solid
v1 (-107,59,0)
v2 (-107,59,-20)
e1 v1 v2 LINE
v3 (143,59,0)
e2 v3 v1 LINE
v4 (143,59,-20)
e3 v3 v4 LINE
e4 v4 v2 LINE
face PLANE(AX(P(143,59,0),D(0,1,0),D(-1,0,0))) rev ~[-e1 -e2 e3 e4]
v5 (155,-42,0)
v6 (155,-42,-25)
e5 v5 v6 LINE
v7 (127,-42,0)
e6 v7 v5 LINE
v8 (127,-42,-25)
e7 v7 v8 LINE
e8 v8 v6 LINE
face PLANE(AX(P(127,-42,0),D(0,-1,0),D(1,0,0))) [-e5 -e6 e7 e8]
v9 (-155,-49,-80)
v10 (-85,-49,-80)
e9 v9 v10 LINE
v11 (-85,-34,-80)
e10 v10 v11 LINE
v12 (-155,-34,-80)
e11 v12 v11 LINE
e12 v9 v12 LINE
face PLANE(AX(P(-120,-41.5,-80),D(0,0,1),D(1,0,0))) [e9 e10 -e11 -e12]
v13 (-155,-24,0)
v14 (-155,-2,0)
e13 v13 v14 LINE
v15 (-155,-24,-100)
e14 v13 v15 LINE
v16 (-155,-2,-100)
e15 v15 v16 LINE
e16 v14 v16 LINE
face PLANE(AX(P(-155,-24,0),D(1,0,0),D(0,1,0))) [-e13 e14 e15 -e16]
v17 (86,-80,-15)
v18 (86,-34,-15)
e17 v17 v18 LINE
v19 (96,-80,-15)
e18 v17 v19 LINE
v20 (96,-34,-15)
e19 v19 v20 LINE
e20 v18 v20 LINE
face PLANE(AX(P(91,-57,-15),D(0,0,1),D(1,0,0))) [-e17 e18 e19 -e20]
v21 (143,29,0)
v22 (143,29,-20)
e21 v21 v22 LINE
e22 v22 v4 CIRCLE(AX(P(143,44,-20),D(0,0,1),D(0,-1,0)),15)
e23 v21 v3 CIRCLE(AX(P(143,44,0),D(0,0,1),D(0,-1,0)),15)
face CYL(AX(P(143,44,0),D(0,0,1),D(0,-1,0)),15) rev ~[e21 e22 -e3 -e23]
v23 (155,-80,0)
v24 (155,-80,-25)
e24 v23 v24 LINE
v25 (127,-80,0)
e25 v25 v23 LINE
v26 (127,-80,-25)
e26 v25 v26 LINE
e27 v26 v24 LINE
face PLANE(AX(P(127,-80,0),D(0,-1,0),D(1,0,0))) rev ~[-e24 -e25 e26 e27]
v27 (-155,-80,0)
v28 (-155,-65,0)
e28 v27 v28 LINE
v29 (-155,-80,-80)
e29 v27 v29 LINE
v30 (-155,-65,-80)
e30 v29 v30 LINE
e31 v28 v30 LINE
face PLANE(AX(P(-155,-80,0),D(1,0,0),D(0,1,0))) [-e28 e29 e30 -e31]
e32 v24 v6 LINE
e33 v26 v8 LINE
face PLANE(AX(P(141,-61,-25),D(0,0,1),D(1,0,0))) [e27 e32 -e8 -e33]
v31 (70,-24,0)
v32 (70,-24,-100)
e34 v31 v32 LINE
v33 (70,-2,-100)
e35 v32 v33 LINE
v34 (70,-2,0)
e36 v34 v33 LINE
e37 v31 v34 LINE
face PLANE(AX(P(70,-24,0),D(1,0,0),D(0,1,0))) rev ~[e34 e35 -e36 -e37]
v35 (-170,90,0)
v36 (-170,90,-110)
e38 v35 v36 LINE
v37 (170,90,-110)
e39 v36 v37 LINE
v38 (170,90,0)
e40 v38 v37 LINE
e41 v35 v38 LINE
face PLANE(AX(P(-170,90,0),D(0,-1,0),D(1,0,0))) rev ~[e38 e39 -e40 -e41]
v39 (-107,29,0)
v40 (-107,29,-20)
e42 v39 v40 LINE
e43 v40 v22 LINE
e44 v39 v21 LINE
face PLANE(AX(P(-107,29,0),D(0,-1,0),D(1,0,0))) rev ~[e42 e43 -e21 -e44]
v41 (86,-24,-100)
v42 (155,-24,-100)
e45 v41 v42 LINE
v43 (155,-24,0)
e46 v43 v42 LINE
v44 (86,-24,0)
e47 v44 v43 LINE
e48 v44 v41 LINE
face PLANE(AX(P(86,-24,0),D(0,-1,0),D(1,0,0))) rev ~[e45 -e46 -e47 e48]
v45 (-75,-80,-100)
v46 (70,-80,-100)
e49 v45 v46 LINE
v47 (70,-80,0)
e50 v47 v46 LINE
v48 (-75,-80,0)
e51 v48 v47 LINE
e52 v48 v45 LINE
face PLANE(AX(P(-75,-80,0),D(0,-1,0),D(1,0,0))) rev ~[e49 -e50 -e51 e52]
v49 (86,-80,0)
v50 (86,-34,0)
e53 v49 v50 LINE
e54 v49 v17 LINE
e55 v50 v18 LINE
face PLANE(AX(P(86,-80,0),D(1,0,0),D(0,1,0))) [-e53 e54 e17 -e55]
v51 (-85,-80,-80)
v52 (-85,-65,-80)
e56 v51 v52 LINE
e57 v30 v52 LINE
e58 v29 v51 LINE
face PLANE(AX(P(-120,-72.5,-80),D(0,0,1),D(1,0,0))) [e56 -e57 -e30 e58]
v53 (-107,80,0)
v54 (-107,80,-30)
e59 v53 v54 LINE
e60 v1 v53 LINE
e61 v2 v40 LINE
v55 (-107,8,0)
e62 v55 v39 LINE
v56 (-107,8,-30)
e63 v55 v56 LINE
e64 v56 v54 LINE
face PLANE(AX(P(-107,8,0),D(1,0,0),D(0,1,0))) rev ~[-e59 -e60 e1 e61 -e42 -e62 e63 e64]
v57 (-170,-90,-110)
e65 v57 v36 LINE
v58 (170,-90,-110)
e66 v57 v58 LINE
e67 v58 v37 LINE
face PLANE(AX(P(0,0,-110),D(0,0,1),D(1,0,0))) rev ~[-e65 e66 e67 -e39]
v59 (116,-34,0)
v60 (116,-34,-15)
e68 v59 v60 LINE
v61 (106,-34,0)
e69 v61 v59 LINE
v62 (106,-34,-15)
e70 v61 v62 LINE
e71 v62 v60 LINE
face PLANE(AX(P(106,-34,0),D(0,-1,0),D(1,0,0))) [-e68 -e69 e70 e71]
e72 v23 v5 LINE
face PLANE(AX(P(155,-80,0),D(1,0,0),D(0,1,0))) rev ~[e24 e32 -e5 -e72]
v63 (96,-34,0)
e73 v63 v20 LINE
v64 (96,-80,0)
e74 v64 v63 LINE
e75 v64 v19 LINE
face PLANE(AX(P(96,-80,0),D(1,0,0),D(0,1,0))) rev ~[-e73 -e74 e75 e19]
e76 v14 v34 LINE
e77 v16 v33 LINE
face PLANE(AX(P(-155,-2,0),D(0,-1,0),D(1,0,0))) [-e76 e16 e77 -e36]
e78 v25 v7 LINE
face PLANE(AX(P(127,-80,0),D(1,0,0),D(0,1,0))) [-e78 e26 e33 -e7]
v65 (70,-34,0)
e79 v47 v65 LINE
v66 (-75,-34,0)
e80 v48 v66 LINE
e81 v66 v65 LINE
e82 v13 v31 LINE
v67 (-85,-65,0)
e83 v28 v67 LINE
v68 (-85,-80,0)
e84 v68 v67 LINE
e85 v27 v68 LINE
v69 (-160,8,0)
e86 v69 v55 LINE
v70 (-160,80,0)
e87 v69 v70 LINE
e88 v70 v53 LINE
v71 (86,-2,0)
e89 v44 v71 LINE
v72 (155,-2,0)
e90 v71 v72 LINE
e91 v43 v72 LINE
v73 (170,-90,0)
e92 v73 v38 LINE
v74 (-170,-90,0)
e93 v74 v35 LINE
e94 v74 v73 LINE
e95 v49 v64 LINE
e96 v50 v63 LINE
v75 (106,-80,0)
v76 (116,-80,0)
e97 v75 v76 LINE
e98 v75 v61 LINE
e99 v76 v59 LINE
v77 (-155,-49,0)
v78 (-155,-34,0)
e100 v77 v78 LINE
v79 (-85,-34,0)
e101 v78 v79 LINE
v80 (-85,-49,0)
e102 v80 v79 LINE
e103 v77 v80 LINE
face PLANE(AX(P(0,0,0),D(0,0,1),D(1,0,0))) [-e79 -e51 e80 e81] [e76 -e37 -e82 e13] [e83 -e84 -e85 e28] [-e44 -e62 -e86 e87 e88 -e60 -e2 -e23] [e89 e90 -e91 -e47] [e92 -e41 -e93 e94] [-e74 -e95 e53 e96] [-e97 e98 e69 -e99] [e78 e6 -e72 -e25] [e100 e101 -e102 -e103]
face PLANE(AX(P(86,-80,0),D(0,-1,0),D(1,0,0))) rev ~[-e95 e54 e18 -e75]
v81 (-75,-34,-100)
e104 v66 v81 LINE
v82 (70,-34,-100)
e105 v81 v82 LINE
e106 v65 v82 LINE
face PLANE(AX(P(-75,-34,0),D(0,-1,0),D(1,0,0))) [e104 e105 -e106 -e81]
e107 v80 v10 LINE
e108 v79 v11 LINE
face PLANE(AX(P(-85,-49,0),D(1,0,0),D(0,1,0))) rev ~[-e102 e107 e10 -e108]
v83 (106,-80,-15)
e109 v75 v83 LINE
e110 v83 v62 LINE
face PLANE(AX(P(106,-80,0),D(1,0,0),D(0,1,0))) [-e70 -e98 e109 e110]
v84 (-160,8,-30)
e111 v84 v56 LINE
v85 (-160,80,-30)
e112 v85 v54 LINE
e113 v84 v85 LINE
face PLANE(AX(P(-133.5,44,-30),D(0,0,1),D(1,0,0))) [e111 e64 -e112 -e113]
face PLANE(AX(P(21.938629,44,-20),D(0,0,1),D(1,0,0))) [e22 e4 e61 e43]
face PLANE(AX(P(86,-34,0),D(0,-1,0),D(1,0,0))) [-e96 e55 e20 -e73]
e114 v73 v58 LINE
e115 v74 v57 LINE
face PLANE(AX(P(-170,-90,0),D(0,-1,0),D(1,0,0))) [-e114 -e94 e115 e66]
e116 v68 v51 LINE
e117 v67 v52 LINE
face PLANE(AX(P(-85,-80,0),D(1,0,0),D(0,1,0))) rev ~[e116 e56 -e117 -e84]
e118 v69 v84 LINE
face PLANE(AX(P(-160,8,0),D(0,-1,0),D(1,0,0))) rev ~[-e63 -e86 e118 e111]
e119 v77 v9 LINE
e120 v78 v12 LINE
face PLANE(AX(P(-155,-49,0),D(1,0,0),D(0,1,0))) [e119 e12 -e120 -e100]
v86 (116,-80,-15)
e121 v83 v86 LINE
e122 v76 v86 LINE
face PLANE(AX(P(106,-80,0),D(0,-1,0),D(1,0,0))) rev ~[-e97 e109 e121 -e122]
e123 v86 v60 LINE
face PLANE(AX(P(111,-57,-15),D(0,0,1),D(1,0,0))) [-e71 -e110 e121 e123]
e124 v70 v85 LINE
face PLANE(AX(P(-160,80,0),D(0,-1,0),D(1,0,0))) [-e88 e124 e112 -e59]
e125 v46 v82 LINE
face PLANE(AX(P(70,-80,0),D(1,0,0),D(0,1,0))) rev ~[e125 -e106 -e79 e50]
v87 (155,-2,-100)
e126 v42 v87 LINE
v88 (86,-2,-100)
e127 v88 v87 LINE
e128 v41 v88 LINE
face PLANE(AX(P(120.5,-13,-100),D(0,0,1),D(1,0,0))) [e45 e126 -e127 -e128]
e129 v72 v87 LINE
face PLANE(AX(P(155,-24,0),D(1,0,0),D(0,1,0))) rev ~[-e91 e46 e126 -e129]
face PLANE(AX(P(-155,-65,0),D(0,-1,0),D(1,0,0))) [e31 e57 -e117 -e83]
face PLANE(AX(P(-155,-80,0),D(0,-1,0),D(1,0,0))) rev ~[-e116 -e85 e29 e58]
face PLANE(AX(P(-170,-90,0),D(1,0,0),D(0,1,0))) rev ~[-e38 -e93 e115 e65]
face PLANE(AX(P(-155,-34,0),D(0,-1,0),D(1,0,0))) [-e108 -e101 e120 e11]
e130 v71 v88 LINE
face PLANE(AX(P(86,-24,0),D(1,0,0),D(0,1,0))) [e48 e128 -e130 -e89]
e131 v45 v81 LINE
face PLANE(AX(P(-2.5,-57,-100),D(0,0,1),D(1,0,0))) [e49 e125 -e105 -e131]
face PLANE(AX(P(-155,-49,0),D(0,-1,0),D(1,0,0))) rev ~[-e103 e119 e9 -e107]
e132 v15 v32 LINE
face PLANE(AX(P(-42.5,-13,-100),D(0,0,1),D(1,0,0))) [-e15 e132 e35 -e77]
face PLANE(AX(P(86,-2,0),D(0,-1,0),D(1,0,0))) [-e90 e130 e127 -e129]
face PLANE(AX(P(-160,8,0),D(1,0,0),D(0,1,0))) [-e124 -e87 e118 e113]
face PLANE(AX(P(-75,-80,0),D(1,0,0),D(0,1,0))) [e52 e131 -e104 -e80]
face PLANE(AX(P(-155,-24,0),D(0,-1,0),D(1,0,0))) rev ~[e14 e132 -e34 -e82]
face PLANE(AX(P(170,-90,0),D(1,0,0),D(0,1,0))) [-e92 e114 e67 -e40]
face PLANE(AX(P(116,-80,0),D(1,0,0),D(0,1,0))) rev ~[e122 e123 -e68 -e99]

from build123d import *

# Parameters (mm, degrees)
F0_W      = 340
F0_H      = 180
F1_DEPTH  = 110
F2_W      = 53
F2_H      = 72
F4_DEPTH  = 30
F5_DEPTH  = 20
F7_W      = 225
F7_H      = 22
F12_DEPTH = 100
F6_W      = 70
F6_H      = 15
F13_DEPTH = 80
F8_W      = 145
F8_H      = 46
F14_DEPTH = 100
F9_W      = 69
F9_H      = 22
F15_DEPTH = 100
F10_W     = 10
F10_H     = 46
F16_DEPTH = 15
F11_W     = 28
F11_H     = 38
F17_DEPTH = 25


with BuildPart() as f1:
    # F0 (on Top) → F1 (new body)
    with BuildSketch(Plane.XY):
        Rectangle(F0_W, F0_H)
    extrude(amount=-F1_DEPTH)

    # F2 (on face) → F4 (cut)
    with BuildSketch(Plane.XY):
        with Locations((-133.5, 44)):
            Rectangle(F2_W, F2_H)
    extrude(amount=-F4_DEPTH, mode=Mode.SUBTRACT)

    # F3 (on face) → F5 (cut)
    with BuildSketch(Plane.XY):
        with BuildLine():
            Line((143, 59), (-107, 59))
            Line((-107, 59), (-107, 29))
            Line((-107, 29), (143, 29))
            ThreePointArc((143, 29), (158, 44), (143, 59))
        make_face()
    extrude(amount=-F5_DEPTH, mode=Mode.SUBTRACT)

    # F7 (on face) → F12 (cut)
    with BuildSketch(Plane.XY):
        with Locations((-42.5, -13)):
            Rectangle(F7_W, F7_H)
    extrude(amount=-F12_DEPTH, mode=Mode.SUBTRACT)

    # F6 (on face) → F13 (cut)
    with BuildSketch(Plane.XY):
        with Locations((-120, -72.5)):
            Rectangle(F6_W, F6_H)
        with Locations((-120, -41.5)):
            Rectangle(F6_W, F6_H)
    extrude(amount=-F13_DEPTH, mode=Mode.SUBTRACT)

    # F8 (on face) → F14 (cut)
    with BuildSketch(Plane.XY):
        with Locations((-2.5, -57)):
            Rectangle(F8_W, F8_H)
    extrude(amount=-F14_DEPTH, mode=Mode.SUBTRACT)

    # F9 (on face) → F15 (cut)
    with BuildSketch(Plane.XY):
        with Locations((120.5, -13)):
            Rectangle(F9_W, F9_H)
    extrude(amount=-F15_DEPTH, mode=Mode.SUBTRACT)

    # F10 (on face) → F16 (cut)
    with BuildSketch(Plane.XY):
        with Locations((91, -57)):
            Rectangle(F10_W, F10_H)
        with Locations((111, -57)):
            Rectangle(F10_W, F10_H)
    extrude(amount=-F16_DEPTH, mode=Mode.SUBTRACT)

    # F11 (on face) → F17 (cut)
    with BuildSketch(Plane.XY):
        with Locations((141, -61)):
            Rectangle(F11_W, F11_H)
    extrude(amount=-F17_DEPTH, mode=Mode.SUBTRACT)


solid = f1.part
